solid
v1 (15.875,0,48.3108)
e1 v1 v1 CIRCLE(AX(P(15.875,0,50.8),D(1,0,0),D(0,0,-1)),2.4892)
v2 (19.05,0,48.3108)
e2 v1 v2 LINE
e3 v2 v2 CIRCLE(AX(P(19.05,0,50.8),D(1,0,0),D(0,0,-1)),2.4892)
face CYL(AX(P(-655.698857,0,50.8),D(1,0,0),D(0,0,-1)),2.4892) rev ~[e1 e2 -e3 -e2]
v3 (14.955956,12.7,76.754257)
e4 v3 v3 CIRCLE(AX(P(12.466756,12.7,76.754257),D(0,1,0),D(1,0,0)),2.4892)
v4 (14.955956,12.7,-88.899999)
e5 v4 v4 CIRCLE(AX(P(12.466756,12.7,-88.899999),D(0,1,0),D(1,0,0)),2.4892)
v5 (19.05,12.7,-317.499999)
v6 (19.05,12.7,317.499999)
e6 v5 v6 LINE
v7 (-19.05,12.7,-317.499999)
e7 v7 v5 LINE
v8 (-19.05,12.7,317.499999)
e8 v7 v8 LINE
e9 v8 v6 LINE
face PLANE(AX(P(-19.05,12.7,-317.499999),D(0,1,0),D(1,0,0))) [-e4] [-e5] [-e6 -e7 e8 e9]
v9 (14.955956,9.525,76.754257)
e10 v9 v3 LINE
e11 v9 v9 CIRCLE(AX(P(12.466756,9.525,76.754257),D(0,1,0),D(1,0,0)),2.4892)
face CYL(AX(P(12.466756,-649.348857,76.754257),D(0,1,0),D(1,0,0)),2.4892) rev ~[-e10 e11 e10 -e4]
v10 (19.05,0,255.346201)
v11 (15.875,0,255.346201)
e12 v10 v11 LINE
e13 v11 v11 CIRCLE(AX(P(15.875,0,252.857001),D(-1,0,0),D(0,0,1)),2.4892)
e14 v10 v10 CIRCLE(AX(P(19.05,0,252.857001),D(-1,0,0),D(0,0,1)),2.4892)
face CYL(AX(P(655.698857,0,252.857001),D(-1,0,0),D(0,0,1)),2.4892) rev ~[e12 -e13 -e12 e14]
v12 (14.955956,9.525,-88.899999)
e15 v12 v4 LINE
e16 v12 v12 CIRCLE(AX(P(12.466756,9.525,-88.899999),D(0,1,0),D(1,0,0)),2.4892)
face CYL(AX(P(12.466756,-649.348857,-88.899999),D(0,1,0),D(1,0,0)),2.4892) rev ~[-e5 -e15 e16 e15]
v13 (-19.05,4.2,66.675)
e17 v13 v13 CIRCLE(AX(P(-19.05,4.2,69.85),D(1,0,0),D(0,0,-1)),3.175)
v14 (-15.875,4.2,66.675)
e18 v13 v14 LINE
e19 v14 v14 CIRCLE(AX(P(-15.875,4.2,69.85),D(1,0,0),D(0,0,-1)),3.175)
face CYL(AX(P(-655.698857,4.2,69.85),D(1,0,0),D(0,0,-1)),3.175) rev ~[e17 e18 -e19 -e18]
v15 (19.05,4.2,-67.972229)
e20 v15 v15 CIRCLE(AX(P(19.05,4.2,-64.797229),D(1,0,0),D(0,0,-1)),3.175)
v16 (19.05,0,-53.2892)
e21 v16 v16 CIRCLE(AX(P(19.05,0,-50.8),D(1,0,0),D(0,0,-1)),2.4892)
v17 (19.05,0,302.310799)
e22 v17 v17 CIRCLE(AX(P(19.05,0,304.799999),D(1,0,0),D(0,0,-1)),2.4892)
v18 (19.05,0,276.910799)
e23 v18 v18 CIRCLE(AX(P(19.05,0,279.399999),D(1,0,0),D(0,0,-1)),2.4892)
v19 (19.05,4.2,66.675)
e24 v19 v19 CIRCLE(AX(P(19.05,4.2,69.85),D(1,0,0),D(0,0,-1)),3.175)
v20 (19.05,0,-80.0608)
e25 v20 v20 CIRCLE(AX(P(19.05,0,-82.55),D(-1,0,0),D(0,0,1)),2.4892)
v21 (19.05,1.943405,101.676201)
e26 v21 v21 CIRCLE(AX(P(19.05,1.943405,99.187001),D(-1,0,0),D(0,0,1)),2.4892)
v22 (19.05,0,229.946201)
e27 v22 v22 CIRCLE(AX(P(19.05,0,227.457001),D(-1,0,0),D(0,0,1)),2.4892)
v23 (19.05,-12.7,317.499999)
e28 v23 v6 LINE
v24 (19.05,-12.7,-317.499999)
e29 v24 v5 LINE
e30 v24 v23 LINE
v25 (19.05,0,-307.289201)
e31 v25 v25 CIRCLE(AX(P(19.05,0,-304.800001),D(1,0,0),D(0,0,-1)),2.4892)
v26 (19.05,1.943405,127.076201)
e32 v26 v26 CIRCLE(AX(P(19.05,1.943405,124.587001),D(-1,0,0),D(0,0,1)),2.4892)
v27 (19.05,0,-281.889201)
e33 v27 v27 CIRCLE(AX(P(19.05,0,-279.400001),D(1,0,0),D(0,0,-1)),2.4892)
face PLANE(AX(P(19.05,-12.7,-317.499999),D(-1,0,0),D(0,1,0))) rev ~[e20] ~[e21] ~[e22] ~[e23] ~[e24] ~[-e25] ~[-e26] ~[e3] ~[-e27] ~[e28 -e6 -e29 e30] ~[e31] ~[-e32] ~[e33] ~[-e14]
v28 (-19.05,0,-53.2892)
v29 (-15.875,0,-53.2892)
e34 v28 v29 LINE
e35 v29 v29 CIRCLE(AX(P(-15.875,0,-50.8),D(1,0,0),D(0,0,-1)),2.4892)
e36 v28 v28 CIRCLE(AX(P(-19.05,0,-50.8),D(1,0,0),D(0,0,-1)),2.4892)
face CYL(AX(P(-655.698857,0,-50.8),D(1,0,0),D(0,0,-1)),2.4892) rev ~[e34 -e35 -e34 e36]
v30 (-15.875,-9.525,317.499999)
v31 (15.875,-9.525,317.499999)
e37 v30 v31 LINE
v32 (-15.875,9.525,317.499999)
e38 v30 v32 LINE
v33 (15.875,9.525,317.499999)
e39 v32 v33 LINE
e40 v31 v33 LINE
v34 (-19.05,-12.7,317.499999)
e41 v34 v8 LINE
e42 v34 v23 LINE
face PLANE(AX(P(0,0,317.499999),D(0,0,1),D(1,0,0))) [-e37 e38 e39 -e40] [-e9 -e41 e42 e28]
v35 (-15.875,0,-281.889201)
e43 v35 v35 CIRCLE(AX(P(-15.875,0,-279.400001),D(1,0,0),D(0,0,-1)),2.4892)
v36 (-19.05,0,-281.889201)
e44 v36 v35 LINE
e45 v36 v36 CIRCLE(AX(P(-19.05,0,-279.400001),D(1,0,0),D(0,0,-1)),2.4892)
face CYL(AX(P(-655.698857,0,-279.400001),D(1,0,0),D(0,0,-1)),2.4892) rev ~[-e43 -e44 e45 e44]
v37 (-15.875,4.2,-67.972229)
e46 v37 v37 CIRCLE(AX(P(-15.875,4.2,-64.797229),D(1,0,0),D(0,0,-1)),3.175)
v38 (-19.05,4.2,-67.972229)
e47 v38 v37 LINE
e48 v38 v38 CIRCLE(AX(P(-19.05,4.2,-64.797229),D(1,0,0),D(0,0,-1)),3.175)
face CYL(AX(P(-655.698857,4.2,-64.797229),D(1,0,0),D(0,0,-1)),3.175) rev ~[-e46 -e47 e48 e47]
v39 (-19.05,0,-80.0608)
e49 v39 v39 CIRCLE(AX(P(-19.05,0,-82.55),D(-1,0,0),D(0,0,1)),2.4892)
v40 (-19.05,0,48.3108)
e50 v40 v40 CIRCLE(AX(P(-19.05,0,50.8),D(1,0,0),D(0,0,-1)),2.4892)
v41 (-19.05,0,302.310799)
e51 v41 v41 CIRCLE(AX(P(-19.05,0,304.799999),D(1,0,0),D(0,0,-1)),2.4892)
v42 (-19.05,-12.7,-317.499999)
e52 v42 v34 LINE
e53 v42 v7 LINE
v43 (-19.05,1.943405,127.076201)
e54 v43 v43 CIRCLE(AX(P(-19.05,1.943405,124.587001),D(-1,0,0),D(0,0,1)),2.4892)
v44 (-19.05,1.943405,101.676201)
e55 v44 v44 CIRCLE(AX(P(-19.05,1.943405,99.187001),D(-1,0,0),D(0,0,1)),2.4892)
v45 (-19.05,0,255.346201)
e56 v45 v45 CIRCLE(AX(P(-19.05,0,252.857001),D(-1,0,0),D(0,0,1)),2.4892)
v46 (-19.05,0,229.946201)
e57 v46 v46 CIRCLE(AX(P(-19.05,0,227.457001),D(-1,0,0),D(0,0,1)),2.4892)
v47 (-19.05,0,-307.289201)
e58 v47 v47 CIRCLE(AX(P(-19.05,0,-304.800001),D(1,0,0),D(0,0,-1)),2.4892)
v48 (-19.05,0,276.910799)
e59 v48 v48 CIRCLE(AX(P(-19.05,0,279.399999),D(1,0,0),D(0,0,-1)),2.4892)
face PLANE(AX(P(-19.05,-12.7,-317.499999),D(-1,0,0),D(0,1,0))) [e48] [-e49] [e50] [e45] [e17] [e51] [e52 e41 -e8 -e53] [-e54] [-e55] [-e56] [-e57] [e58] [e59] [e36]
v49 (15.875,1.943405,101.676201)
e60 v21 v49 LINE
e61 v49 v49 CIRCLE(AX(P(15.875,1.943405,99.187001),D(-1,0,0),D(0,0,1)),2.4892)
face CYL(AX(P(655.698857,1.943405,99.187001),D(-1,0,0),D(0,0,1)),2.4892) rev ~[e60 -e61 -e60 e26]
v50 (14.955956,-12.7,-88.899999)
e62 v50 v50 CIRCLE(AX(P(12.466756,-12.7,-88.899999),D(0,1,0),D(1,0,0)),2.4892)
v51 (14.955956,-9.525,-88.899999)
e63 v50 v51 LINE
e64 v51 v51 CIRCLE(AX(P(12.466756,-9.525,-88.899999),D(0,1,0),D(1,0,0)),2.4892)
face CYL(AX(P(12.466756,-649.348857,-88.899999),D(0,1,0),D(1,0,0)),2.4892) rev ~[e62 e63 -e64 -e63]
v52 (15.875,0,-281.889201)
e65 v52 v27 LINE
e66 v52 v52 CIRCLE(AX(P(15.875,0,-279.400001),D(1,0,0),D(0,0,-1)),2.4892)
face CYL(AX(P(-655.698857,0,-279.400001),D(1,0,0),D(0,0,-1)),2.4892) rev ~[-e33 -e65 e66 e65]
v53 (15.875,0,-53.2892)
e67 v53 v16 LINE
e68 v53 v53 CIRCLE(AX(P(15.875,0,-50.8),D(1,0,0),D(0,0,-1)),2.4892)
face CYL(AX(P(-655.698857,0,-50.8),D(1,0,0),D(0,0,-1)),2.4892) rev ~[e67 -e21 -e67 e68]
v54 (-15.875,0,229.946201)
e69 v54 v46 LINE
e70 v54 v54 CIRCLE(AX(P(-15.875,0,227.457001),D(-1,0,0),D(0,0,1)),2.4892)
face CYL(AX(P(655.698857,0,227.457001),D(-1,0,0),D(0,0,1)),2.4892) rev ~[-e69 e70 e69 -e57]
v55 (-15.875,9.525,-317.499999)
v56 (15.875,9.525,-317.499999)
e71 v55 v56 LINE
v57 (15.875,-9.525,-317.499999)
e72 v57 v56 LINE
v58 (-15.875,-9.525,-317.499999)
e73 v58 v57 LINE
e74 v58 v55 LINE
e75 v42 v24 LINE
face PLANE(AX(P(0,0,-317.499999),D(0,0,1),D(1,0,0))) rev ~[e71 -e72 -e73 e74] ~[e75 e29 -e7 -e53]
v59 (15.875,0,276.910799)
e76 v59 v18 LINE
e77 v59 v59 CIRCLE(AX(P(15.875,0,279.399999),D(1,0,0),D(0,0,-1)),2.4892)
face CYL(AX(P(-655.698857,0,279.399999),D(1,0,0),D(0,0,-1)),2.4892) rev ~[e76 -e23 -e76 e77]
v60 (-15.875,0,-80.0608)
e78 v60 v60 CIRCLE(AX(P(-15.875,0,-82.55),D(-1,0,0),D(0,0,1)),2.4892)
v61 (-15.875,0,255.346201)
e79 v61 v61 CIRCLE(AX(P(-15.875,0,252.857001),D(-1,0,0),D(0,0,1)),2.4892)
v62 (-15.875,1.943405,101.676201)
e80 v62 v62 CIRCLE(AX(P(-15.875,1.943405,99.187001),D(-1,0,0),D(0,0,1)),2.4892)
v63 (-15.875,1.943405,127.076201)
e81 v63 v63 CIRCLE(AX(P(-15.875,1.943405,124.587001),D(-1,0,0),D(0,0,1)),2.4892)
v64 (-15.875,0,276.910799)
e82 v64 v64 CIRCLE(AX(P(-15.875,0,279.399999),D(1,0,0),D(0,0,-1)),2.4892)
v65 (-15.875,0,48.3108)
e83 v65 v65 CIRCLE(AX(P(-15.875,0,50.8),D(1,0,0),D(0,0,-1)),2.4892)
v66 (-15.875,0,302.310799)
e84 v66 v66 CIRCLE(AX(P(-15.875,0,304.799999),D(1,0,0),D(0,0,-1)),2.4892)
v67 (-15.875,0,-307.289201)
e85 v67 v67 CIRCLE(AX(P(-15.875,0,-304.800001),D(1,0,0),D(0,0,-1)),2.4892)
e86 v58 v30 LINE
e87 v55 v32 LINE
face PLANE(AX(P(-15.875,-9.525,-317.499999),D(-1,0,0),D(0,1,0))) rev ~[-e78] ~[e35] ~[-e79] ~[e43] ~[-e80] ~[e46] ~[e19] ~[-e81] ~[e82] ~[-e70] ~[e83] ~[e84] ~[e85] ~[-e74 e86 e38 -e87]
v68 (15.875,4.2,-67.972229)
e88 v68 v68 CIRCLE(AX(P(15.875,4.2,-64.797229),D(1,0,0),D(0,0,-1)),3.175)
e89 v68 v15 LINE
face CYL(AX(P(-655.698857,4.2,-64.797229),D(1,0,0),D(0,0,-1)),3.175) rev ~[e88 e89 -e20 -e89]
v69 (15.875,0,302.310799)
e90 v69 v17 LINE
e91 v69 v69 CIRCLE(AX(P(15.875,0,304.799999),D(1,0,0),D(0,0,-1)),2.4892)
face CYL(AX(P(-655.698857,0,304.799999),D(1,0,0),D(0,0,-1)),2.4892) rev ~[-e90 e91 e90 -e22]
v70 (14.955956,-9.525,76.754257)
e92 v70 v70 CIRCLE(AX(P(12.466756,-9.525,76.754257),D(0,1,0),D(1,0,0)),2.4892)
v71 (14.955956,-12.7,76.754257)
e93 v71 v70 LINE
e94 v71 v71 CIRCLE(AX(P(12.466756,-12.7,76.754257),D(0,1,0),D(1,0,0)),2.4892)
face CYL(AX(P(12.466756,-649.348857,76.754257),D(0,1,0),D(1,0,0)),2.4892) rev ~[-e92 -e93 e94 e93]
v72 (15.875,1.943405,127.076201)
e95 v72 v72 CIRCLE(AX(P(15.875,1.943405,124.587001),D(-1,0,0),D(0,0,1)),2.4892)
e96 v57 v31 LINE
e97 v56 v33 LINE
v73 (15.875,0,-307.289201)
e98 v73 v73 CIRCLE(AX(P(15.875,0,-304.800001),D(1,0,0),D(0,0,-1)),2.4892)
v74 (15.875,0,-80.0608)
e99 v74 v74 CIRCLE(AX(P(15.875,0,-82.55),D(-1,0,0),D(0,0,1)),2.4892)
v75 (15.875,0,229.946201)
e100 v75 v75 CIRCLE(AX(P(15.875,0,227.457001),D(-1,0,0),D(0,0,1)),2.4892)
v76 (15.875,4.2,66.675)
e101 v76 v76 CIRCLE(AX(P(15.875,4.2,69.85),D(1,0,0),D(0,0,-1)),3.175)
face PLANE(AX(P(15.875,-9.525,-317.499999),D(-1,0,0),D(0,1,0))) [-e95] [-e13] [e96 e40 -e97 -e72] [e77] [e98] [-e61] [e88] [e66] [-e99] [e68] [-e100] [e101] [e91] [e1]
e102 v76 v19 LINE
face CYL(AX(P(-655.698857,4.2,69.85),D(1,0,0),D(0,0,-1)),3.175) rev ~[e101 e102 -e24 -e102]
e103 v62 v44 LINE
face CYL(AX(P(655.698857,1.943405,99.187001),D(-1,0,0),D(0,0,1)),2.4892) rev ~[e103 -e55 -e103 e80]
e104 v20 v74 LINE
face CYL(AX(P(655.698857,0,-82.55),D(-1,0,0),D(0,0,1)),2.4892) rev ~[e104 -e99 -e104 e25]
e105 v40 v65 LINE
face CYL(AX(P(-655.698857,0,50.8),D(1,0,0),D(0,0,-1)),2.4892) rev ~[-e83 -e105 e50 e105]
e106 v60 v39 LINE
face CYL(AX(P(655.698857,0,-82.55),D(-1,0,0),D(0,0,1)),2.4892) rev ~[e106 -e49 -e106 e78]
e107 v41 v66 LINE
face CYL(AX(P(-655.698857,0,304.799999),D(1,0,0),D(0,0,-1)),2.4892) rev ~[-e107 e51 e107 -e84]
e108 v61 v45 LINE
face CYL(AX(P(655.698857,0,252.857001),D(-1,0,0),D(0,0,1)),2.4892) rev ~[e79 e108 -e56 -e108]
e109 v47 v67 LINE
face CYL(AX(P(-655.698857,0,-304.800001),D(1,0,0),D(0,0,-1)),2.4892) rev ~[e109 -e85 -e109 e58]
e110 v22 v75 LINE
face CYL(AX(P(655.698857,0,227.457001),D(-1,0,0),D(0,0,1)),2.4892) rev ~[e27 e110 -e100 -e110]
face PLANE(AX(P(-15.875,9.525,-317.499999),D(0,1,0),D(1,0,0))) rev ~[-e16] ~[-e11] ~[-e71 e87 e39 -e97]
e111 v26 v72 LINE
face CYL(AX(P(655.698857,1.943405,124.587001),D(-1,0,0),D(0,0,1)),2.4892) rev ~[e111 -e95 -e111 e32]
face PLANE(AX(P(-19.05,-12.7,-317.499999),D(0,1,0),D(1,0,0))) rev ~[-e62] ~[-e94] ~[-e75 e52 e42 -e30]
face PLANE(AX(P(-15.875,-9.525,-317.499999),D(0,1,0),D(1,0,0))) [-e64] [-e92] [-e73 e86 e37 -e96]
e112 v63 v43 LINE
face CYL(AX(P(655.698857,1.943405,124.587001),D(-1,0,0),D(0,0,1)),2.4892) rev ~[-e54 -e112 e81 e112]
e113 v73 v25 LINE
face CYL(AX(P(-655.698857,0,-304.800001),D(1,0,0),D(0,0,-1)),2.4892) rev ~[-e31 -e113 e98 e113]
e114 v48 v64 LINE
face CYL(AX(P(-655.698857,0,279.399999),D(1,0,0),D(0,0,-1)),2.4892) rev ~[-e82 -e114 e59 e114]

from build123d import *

# Parameters (mm, degrees)
BOSS_EXTRUDE1_DEPTH         = 317.499999
BOSS_EXTRUDE1_DEPTH_BACK    = 317.499999
SKETCH3_W                   = 38.1
SKETCH3_H                   = 25.4
SKETCH3_W_2                 = 31.75
SKETCH3_H_2                 = 19.05
F_10_CLEARANCE_HOLE2_D      = 4.9784
F_10_CLEARANCE_HOLE4_D      = 4.9784
F_10_CLEARANCE_HOLE3_D      = 4.9784
F_10_CLEARANCE_HOLE5_D      = 4.9784
F_10_CLEARANCE_HOLE6_D      = 4.9784
F_1_4_0_25_DIAMETER_HOLE1_D = 6.35


with BuildPart() as part:
    # Sketch3 → Boss-Extrude1 (new, two sides: drawn at the far end of the back side and taken through both)
    with BuildSketch(Plane.XY.offset(-BOSS_EXTRUDE1_DEPTH_BACK)):
        Rectangle(SKETCH3_W, SKETCH3_H)
        Rectangle(SKETCH3_W_2, SKETCH3_H_2, mode=Mode.SUBTRACT)
    extrude(amount=BOSS_EXTRUDE1_DEPTH + BOSS_EXTRUDE1_DEPTH_BACK)

    # #10 Clearance Hole2 (through all)
    with Locations(Plane.ZY.offset(19.05)):
        with Locations((-304.800000508, 0), (-279.400000508, 0), (279.399999492, 0), (304.799999492, 0)):
            Hole(F_10_CLEARANCE_HOLE2_D / 2)

    # #10 Clearance Hole4 (through all)
    with Locations(Plane(origin=(19.05, 0, 0), x_dir=(0, 0, -1), z_dir=(1, 0, 0))):
        with Locations((-252.857000506, 8e-09), (-227.457000506, 1.1e-08), (-124.587000507, 1.943404818), (-99.187000507, 1.943404821)):
            Hole(F_10_CLEARANCE_HOLE4_D / 2)

    # #10 Clearance Hole3 (through all)
    with Locations(Plane.ZY.offset(19.05)):
        with Locations((-50.8, 0), (50.8, 0)):
            Hole(F_10_CLEARANCE_HOLE3_D / 2)

    # #10 Clearance Hole5 (through all)
    with Locations(Plane(origin=(19.05, 0, 0), x_dir=(0, 0, -1), z_dir=(1, 0, 0))):
        with Locations((82.55, 0)):
            Hole(F_10_CLEARANCE_HOLE5_D / 2)

    # #10 Clearance Hole6 (through all)
    with Locations(Plane(origin=(0, -12.7, 0), x_dir=(-1, 0, 0), z_dir=(0, -1, 0))):
        with Locations((-12.466755932, -76.754257499), (-12.466755932, 88.899999492)):
            Hole(F_10_CLEARANCE_HOLE6_D / 2)

    # 1/4 (0.25) Diameter Hole1 (through all)
    with Locations(Plane.ZY.offset(19.05)):
        with Locations((69.85, 4.2), (-64.797229307, 4.2)):
            Hole(F_1_4_0_25_DIAMETER_HOLE1_D / 2)


solid = part.part
